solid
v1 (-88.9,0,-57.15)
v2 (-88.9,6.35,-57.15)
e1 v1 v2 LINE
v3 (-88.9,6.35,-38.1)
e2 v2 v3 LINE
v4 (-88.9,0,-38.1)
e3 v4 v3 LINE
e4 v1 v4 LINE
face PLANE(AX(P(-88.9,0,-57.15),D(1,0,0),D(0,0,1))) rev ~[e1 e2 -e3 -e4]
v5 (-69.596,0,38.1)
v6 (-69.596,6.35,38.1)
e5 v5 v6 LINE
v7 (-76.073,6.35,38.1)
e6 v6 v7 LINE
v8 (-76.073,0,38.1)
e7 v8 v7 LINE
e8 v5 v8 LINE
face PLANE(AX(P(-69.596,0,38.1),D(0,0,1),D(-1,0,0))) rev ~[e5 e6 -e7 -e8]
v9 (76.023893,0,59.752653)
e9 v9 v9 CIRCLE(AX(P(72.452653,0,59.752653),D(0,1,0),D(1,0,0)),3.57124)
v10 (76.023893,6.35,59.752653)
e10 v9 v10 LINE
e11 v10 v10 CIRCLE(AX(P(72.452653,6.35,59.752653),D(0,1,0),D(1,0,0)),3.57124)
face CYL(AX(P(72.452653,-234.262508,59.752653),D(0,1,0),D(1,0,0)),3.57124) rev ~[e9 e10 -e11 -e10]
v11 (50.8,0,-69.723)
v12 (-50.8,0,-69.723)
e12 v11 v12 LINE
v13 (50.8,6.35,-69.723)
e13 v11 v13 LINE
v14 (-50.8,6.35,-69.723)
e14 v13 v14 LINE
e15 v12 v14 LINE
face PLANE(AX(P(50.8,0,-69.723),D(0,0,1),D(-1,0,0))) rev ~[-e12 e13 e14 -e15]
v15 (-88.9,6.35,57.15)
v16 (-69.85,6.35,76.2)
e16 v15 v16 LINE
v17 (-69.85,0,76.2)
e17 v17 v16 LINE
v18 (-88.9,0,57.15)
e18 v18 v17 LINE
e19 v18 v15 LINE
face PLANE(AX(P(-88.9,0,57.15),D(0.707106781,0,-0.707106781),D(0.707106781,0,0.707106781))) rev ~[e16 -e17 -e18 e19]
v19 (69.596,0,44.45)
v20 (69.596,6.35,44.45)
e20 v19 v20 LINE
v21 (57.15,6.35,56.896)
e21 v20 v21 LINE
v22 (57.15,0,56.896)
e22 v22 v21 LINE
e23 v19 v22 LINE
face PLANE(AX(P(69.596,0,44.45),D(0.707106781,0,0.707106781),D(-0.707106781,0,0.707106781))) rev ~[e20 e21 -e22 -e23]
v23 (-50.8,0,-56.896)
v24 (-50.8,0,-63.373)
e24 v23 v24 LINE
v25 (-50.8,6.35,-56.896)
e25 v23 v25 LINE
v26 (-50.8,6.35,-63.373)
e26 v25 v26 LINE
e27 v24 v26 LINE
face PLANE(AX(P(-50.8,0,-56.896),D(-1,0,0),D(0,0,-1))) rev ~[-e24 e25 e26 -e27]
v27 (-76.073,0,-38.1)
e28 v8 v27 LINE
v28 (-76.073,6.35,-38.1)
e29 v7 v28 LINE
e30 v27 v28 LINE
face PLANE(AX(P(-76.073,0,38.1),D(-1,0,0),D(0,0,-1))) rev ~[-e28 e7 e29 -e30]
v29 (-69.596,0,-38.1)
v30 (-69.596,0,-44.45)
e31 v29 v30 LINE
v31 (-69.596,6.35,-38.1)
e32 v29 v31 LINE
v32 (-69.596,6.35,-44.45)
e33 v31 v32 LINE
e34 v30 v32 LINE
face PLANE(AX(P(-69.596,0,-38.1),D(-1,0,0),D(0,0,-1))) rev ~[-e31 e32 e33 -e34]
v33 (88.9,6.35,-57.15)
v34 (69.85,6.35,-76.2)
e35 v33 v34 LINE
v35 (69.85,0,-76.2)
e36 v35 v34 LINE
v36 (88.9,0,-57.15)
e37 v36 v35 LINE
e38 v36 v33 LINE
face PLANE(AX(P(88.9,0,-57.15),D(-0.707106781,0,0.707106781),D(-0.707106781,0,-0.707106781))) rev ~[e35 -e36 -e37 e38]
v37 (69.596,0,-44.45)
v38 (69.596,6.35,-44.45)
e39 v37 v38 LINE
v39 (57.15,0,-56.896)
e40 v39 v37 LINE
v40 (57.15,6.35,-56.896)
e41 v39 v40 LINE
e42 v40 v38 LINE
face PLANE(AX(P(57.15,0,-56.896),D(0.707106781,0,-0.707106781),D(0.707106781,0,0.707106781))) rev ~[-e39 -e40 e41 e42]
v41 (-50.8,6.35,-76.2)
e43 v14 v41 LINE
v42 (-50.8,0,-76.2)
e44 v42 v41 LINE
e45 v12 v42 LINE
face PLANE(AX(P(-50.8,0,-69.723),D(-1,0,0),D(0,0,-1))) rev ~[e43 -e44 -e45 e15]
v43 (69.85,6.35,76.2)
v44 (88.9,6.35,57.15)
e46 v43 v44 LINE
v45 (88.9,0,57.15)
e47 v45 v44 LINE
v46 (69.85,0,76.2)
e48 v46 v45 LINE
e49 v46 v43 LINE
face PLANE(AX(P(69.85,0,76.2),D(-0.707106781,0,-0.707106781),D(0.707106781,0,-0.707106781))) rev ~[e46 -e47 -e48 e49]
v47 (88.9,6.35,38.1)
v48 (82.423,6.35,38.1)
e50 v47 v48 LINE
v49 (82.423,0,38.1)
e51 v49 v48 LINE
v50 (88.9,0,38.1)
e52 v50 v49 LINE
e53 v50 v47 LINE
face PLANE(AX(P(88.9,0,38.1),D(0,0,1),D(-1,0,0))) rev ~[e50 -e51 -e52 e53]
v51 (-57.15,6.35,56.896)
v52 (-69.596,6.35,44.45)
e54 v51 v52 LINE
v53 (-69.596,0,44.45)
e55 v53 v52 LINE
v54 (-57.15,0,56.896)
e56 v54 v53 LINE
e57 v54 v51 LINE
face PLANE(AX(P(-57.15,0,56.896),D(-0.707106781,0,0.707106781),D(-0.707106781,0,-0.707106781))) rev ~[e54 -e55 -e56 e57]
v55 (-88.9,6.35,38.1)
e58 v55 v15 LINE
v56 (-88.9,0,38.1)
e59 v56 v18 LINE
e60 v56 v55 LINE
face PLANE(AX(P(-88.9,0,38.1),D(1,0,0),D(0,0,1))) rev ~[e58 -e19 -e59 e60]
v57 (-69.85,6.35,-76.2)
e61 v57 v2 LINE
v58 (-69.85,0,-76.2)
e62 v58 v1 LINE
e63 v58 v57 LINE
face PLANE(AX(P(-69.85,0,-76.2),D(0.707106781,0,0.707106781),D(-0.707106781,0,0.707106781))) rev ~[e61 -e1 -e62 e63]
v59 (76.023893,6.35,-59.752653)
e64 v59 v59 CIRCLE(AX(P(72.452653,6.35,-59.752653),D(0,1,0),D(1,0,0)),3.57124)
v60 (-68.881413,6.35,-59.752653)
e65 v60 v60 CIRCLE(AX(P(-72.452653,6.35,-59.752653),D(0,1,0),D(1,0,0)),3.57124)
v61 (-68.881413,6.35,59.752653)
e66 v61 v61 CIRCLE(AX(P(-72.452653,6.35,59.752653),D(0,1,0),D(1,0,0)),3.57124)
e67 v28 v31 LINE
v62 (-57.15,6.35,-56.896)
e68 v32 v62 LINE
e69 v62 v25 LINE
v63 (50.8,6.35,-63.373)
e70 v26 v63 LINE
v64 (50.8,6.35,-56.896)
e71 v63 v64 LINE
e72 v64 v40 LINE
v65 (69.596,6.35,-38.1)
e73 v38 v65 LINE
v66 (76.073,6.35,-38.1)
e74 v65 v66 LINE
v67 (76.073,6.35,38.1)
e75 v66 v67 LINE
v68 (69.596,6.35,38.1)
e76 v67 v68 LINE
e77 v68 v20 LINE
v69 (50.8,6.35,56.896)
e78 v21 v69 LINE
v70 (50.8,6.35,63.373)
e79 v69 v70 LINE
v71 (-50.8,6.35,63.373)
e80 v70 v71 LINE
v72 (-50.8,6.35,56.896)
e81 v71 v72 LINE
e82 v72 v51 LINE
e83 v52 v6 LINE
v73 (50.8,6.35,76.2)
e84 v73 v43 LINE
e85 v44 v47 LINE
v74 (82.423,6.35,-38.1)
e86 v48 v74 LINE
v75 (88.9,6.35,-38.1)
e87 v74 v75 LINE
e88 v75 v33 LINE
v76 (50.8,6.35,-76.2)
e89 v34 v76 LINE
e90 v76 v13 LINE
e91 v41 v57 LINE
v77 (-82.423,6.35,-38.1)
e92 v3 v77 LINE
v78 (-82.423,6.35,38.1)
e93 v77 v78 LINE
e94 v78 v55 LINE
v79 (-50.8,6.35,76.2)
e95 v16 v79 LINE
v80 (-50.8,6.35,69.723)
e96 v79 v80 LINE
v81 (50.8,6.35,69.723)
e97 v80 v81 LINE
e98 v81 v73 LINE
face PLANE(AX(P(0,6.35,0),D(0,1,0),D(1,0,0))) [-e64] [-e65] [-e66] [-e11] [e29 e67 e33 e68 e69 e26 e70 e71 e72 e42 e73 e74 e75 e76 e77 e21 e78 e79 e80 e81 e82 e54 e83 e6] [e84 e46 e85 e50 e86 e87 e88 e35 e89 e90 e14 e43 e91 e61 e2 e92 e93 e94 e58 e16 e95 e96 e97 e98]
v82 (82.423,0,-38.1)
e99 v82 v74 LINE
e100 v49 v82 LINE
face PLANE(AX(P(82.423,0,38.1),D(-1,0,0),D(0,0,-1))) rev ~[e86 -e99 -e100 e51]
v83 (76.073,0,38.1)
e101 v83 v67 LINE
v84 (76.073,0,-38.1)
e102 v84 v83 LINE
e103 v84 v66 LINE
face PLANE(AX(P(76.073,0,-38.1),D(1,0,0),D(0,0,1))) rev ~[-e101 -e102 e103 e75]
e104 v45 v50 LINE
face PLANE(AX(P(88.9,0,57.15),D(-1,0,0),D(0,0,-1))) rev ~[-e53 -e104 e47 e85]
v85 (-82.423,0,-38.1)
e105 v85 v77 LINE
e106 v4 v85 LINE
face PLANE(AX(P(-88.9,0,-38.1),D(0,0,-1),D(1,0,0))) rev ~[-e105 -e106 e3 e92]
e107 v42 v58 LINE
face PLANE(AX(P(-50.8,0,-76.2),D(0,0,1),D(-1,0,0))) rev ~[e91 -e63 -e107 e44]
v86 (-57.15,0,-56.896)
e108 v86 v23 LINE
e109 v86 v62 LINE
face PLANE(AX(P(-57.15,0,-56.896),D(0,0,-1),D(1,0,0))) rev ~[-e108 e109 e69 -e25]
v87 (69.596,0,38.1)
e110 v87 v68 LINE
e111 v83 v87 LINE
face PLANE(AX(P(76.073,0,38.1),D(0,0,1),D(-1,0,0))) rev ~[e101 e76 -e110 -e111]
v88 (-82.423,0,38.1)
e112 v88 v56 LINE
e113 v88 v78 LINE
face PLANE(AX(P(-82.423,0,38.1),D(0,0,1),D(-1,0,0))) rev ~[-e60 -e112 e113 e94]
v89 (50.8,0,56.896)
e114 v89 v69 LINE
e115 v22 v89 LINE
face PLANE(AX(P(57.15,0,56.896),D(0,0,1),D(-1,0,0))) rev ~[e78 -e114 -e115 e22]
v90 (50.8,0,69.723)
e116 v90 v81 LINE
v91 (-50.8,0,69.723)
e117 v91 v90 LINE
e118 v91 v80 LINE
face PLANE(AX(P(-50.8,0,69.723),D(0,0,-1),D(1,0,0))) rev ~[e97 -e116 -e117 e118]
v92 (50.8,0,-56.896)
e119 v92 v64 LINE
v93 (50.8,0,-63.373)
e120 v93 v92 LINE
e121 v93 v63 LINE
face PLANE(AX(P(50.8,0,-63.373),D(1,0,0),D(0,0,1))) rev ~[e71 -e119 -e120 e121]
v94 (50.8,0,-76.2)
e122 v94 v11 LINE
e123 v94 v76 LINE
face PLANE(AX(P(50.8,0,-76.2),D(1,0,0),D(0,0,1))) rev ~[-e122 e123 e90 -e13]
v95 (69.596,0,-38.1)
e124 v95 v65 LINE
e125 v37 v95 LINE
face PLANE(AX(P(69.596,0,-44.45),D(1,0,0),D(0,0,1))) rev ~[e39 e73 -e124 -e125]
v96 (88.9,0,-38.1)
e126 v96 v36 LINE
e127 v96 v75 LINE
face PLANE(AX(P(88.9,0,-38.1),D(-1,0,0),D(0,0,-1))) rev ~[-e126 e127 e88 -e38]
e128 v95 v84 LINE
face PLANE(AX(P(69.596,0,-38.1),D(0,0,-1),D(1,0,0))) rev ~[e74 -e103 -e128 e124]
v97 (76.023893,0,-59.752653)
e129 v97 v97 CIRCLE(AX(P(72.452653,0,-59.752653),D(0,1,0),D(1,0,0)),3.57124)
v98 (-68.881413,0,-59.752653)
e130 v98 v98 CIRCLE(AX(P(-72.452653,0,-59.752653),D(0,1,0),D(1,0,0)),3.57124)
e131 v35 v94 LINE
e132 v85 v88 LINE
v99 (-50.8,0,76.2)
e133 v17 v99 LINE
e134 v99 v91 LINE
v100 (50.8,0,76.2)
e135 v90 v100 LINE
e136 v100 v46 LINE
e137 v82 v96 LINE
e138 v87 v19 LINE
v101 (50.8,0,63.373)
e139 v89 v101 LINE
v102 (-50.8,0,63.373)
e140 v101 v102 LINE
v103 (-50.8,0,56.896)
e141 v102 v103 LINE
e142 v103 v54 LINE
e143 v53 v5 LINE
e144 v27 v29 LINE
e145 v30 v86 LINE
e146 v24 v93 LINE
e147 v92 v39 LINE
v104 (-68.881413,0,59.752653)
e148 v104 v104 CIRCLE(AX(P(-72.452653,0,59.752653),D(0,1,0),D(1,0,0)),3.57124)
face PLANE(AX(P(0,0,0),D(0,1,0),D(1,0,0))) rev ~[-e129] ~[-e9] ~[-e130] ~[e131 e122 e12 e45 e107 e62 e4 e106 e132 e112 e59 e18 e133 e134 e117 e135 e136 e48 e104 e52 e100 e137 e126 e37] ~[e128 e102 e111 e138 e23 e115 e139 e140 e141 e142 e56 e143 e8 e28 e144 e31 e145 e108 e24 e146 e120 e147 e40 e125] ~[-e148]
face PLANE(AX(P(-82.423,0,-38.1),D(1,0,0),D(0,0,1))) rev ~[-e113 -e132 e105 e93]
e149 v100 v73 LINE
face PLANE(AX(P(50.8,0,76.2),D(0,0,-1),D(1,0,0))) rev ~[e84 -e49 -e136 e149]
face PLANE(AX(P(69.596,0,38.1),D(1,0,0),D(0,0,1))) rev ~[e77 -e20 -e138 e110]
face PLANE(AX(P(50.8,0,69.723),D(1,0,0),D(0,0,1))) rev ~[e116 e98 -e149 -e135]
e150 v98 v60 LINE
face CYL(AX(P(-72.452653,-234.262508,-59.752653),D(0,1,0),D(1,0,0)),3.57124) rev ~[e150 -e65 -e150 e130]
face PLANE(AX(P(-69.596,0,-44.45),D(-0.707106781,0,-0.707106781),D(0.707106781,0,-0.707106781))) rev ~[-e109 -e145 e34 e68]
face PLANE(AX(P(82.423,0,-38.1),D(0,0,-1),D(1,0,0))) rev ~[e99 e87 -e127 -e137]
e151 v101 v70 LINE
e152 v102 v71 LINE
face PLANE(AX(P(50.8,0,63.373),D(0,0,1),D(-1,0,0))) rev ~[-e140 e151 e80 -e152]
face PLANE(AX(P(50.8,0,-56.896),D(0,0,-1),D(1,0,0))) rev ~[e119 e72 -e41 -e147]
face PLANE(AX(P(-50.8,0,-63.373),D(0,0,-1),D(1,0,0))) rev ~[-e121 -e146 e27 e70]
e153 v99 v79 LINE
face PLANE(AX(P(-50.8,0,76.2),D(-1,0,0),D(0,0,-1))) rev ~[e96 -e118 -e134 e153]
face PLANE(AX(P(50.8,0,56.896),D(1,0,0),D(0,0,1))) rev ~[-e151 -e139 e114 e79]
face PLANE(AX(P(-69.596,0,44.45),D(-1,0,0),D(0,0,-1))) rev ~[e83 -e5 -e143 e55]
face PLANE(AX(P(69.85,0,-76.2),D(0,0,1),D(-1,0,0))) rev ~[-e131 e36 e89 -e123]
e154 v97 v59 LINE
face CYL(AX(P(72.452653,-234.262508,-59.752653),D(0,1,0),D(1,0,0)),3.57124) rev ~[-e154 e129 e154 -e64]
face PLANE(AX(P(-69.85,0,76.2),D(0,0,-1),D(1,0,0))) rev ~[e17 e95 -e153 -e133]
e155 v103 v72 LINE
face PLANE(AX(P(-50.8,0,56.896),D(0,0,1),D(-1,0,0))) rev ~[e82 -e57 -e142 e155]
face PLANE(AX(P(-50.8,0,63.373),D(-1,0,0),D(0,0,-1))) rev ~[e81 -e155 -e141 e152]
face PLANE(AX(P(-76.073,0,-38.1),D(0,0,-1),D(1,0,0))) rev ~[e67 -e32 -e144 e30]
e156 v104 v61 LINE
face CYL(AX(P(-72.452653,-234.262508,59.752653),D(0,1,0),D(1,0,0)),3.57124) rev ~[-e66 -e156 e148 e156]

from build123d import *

# Parameters (mm, degrees)
BOSS_EXTRUDE1_DEPTH     = 6.35
F_1_4_CLEARANCE_HOLE1_D = 7.14248


with BuildPart() as part:
    # Sketch1 → Boss-Extrude1 (new body)
    with BuildSketch(Plane(origin=(0, 0, 0), x_dir=(1, 0, 0), z_dir=(0, 1, 0))):
        Polygon((-88.9, -38.1), (-88.9, -57.15), (-69.85, -76.2), (-50.8, -76.2), (-50.8, -69.723), (50.8, -69.723), (50.8, -76.2), (69.85, -76.2), (88.9, -57.15), (88.9, -38.1), (82.423, -38.1), (82.423, 38.1), (88.9, 38.1), (88.9, 57.15), (69.85, 76.2), (50.8, 76.2), (50.8, 69.723), (-50.8, 69.723), (-50.8, 76.2), (-69.85, 76.2), (-88.9, 57.15), (-88.9, 38.1), (-82.423, 38.1), (-82.423, -38.1), align=None)
        Polygon((-57.15, -56.896), (-69.596, -44.45), (-69.596, -38.1), (-76.073, -38.1), (-76.073, 38.1), (-69.596, 38.1), (-69.596, 44.45), (-57.15, 56.896), (-50.8, 56.896), (-50.8, 63.373), (50.8, 63.373), (50.8, 56.896), (57.15, 56.896), (69.596, 44.45), (69.596, 38.1), (76.073, 38.1), (76.073, -38.1), (69.596, -38.1), (69.596, -44.45), (57.15, -56.896), (50.8, -56.896), (50.8, -63.373), (-50.8, -63.373), (-50.8, -56.896), align=None, mode=Mode.SUBTRACT)
    extrude(amount=BOSS_EXTRUDE1_DEPTH)

    # 1/4 Clearance Hole1 (through all)
    with Locations(Plane(origin=(0, 0, 0), x_dir=(-1, 0, 0), z_dir=(0, -1, 0))):
        with Locations((-72.452653333, 59.752653333), (72.452653333, 59.752653333), (72.452653333, -59.752653333), (-72.452653333, -59.752653333)):
            Hole(F_1_4_CLEARANCE_HOLE1_D / 2)


solid = part.part
